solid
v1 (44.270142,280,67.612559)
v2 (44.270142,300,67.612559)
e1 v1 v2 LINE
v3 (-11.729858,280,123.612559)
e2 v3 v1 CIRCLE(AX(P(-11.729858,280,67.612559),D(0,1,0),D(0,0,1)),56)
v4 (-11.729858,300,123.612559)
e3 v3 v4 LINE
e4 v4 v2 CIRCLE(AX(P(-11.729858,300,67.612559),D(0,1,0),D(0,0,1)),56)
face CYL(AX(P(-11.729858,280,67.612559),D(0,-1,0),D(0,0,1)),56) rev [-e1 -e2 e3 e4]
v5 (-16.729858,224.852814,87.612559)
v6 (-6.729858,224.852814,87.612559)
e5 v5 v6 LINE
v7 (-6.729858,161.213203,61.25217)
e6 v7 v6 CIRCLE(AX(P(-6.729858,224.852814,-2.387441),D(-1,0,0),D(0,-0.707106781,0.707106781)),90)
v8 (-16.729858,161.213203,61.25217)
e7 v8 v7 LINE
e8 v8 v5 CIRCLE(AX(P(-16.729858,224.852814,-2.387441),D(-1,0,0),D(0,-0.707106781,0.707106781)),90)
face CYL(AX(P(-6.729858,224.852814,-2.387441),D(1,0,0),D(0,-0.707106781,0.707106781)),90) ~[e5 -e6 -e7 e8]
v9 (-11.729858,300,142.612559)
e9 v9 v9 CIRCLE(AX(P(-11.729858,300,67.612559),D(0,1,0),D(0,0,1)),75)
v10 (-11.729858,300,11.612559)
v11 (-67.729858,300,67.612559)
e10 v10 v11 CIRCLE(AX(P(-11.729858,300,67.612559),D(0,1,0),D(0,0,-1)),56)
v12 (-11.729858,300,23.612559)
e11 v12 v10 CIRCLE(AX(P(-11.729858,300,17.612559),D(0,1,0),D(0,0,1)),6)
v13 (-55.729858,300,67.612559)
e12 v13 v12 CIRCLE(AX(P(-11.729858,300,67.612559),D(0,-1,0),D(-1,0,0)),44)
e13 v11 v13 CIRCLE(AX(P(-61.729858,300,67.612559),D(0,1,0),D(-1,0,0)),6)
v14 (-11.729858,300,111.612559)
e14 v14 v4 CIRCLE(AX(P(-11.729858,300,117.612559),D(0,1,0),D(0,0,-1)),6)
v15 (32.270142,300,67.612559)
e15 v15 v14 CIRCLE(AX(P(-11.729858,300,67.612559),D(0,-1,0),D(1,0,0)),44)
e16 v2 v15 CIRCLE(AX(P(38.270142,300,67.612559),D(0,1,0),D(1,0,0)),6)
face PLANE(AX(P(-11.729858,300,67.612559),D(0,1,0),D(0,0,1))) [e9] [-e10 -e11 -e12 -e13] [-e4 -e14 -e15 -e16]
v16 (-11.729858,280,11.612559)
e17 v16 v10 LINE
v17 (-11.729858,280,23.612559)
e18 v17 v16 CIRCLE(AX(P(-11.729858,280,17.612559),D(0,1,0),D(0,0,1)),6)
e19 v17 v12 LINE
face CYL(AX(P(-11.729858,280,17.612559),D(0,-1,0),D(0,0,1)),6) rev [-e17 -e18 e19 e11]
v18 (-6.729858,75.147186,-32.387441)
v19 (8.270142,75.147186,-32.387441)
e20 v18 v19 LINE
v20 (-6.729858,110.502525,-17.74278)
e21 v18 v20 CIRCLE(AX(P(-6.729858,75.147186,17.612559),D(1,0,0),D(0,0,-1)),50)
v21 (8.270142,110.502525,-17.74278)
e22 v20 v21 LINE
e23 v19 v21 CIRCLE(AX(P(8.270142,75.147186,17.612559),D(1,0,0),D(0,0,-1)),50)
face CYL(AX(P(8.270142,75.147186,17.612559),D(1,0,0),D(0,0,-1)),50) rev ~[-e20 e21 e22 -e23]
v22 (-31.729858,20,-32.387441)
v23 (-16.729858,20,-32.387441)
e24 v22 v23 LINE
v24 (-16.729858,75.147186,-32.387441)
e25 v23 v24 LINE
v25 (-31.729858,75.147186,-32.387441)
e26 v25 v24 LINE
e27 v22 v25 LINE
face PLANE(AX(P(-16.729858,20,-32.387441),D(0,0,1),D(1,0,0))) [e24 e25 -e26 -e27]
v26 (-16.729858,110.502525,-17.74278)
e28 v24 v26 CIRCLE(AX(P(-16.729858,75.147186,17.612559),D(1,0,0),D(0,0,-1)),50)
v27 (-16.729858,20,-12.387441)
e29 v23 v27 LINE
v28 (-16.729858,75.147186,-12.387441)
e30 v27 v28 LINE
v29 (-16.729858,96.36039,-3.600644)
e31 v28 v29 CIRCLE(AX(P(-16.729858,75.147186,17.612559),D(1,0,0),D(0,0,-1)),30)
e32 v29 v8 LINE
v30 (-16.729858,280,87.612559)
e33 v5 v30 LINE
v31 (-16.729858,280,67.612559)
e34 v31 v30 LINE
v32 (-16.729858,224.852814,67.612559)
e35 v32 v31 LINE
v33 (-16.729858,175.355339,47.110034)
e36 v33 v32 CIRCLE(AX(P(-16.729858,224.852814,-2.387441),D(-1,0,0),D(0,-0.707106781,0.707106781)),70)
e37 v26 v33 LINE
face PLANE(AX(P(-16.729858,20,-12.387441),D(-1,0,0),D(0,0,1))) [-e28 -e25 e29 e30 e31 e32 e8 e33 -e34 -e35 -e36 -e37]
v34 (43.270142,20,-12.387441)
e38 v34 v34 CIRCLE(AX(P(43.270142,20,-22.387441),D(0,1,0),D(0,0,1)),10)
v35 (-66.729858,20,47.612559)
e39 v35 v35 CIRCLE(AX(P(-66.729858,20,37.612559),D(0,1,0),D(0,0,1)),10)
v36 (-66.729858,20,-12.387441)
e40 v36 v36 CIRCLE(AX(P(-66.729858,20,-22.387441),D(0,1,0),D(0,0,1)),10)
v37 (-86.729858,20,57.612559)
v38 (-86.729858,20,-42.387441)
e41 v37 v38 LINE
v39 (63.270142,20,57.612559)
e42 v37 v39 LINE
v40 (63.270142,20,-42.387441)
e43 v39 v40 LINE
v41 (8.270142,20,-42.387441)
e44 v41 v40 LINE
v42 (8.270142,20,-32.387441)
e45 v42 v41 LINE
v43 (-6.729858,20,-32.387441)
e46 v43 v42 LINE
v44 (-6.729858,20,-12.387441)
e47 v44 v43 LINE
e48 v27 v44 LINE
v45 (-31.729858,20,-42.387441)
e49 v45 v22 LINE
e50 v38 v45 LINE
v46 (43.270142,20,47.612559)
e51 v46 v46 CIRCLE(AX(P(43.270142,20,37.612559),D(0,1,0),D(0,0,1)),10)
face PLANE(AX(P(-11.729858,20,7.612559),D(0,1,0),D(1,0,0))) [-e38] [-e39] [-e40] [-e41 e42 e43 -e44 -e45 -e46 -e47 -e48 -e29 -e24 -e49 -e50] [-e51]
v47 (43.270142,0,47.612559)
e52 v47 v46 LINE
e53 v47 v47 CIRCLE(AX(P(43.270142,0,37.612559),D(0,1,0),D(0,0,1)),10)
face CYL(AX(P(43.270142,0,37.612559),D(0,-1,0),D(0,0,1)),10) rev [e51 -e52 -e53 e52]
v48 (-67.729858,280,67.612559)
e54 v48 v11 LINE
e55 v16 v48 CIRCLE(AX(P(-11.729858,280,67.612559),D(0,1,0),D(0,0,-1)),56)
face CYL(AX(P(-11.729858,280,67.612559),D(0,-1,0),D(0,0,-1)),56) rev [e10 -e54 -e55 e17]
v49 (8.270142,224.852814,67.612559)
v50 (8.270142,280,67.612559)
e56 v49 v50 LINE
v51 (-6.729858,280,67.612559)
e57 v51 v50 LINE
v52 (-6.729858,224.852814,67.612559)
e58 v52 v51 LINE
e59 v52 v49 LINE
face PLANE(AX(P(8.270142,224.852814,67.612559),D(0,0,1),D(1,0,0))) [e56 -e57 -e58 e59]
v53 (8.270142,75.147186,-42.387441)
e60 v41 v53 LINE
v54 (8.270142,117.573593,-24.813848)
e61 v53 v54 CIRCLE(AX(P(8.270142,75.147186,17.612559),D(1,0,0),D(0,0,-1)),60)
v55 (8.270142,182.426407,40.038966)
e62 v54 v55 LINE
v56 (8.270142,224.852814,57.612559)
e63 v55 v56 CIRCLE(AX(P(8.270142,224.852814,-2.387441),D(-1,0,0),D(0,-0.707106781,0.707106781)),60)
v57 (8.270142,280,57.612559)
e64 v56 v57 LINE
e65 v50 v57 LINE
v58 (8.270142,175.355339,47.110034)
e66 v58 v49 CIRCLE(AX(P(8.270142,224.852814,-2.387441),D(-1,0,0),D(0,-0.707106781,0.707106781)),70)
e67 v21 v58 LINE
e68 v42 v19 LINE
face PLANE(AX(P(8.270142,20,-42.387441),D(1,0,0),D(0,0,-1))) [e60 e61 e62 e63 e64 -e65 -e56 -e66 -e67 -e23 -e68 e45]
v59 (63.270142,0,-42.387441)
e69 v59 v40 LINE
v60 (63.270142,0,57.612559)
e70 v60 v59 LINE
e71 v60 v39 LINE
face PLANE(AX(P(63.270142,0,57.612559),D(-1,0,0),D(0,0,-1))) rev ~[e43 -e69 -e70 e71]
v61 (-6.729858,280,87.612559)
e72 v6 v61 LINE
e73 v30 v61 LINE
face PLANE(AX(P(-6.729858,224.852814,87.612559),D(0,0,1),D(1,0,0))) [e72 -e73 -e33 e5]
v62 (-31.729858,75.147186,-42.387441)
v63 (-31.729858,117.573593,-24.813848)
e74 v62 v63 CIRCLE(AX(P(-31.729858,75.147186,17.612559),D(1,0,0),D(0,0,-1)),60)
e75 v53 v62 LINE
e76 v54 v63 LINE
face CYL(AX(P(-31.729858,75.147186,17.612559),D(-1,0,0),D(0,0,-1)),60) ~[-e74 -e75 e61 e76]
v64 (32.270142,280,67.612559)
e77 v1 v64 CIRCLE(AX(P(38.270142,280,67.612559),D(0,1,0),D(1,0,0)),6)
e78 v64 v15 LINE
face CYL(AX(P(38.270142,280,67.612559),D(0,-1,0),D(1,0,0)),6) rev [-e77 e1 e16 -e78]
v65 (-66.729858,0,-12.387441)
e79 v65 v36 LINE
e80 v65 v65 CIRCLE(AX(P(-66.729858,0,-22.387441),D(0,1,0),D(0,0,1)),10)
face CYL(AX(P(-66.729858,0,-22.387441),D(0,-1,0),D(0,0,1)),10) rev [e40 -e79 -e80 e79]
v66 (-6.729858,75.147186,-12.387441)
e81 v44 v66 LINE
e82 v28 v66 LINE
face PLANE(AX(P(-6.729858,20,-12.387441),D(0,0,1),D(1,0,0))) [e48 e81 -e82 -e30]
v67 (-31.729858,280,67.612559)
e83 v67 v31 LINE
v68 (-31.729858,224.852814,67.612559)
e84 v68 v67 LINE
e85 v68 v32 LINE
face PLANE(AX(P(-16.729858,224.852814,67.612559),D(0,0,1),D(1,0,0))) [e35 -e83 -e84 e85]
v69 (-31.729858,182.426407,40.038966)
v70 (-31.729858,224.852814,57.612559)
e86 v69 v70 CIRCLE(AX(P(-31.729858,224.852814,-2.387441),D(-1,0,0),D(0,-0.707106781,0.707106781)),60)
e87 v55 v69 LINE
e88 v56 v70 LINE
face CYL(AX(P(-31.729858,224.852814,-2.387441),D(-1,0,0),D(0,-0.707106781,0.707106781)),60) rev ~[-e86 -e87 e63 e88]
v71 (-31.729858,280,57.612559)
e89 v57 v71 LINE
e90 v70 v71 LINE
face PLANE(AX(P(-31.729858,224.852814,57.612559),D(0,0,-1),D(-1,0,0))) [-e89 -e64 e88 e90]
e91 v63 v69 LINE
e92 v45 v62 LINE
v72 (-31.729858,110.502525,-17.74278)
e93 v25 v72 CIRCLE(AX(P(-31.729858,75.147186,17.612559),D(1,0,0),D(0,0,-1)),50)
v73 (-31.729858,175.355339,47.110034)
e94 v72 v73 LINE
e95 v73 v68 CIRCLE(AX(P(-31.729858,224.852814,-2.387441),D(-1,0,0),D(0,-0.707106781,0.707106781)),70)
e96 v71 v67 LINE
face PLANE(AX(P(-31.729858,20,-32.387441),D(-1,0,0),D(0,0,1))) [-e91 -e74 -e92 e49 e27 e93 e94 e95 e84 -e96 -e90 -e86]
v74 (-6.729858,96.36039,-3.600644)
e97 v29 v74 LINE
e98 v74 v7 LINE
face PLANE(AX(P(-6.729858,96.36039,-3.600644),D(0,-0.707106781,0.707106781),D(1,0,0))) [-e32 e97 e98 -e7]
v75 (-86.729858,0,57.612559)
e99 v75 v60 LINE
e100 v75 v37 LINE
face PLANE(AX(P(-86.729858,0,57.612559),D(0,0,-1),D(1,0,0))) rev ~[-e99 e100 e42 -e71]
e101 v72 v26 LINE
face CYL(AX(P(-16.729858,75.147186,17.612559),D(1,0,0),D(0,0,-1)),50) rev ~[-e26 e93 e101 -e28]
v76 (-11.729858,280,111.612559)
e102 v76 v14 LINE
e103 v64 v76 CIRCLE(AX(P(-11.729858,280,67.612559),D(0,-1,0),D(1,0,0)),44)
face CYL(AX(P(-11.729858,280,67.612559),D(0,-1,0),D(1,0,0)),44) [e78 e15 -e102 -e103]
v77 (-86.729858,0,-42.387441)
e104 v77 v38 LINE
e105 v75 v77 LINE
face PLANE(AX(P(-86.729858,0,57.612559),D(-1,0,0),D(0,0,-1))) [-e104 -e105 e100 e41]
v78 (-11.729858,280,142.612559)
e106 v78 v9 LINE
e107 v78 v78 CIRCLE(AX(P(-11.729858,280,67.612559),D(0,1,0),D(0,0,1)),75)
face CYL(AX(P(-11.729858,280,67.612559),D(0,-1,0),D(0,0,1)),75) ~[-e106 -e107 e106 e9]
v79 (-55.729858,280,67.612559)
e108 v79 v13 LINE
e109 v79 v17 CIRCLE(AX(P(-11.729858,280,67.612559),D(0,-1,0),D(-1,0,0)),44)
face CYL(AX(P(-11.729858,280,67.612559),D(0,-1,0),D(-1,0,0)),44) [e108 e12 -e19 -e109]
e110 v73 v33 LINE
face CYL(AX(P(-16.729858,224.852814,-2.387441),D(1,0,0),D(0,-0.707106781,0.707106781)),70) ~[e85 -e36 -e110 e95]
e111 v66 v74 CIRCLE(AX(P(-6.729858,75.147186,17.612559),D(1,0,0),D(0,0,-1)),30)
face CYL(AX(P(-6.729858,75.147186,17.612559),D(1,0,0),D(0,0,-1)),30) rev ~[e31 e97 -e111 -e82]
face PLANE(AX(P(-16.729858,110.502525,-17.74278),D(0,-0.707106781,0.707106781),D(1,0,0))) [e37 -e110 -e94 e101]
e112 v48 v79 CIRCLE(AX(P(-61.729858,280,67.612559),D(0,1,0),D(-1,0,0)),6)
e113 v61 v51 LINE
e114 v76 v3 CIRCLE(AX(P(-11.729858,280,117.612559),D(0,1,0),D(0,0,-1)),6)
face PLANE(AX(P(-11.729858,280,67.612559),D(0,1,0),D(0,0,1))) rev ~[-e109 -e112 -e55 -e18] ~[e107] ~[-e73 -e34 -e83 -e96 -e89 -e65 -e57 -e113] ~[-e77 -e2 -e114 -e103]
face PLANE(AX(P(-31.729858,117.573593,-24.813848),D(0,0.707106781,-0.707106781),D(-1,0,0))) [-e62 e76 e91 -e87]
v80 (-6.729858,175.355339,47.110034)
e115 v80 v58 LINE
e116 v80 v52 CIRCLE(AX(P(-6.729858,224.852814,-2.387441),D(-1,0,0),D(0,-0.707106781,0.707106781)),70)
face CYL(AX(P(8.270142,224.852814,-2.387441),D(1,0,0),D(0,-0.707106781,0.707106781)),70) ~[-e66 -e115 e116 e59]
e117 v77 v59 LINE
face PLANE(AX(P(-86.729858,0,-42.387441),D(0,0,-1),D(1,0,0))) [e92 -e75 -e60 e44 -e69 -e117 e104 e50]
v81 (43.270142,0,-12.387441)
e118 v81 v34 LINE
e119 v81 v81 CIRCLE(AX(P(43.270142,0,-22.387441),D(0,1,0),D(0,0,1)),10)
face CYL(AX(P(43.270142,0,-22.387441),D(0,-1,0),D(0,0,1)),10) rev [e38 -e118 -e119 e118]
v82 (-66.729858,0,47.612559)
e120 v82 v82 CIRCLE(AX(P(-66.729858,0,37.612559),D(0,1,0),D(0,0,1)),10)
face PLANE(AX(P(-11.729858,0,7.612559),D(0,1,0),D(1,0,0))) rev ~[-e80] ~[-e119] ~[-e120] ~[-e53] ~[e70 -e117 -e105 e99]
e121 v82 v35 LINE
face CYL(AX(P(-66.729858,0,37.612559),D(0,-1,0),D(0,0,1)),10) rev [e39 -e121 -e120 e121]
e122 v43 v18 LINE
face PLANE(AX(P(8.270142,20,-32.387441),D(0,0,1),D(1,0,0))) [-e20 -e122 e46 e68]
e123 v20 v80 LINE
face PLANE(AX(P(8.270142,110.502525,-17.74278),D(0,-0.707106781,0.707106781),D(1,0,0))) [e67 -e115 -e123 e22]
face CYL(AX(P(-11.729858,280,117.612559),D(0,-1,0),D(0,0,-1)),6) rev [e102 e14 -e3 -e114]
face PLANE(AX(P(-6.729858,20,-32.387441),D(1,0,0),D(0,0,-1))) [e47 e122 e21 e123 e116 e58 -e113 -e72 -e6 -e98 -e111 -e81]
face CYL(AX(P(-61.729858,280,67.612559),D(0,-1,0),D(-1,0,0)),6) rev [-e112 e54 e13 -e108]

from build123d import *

# Parameters (mm, degrees)
SKETCH1_W           = 150
SKETCH1_H           = 100
SKETCH1_R           = 10
BOSS_EXTRUDE1_DEPTH = 20
SKETCH6_R           = 75
BOSS_EXTRUDE2_DEPTH = 20


with BuildPart() as part:
    # Sketch1 → Boss-Extrude1 (new body)
    with BuildSketch(Plane(origin=(0, 0, 0), x_dir=(1, 0, 0), z_dir=(0, 1, 0))):
        with Locations((-11.72985782, -7.612559242)):
            Rectangle(SKETCH1_W, SKETCH1_H)
        with Locations(Location((43.27014218, -37.612559242, 0), (0, 0, 270))):
            Circle(SKETCH1_R, mode=Mode.SUBTRACT)
        with Locations(Location((43.27014218, 22.387440758, 0), (0, 0, 270))):
            Circle(SKETCH1_R, mode=Mode.SUBTRACT)
        with Locations(Location((-66.72985782, 22.387440758, 0), (0, 0, 270))):
            Circle(SKETCH1_R, mode=Mode.SUBTRACT)
        with Locations(Location((-66.72985782, -37.612559242, 0), (0, 0, 270))):
            Circle(SKETCH1_R, mode=Mode.SUBTRACT)
    extrude(amount=BOSS_EXTRUDE1_DEPTH)

    # Sweep1: sweep along a path in Sketch4
    with BuildLine(Plane.ZY.offset(11.72985782)) as sweep1_path:
        Line((-42.387440758, 20), (-42.387440758, 75.147186258))
        ThreePointArc((-42.387440758, 75.147186258), (-37.820212709, 98.1081922), (-24.813847629, 117.573593129))
        Line((-24.813847629, 117.573593129), (40.038966113, 182.426406871))
        ThreePointArc((40.038966113, 182.426406871), (53.045331192, 201.8918078), (57.612559242, 224.852813742))
        Line((57.612559242, 224.852813742), (57.612559242, 280))
    # Sketch5 → Sweep1 (sweep)
    with BuildSketch(Plane(origin=(0, 20, 0), x_dir=(1, 0, 0), z_dir=(0, 1, 0))):
        Polygon((-31.72985782, 42.387440758), (8.27014218, 42.387440758), (8.27014218, 32.387440758), (-6.72985782, 32.387440758), (-6.72985782, 12.387440758), (-16.72985782, 12.387440758), (-16.72985782, 32.387440758), (-31.72985782, 32.387440758), align=None)
    sweep(path=sweep1_path.line)

    # Sketch6 → Boss-Extrude2 (add)
    with BuildSketch(Plane(origin=(0, 280, 0), x_dir=(1, 0, 0), z_dir=(0, 1, 0))):
        with Locations(Location((-11.72985782, -67.612559242, 0), (0, 0, 270))):
            Circle(SKETCH6_R)
        with BuildLine():
            ThreePointArc((-11.72985782, -11.612559242), (-51.327837566, -28.014579495), (-67.72985782, -67.612559242))
            ThreePointArc((-67.72985782, -67.612559242), (-61.72985782, -73.612559242), (-55.72985782, -67.612559242))
            ThreePointArc((-55.72985782, -67.612559242), (-42.842556192, -36.499860869), (-11.72985782, -23.612559242))
            ThreePointArc((-11.72985782, -23.612559242), (-5.72985782, -17.612559242), (-11.72985782, -11.612559242))
        make_face(mode=Mode.SUBTRACT)
        with BuildLine():
            ThreePointArc((-11.72985782, -123.612559242), (27.868121927, -107.210538988), (44.27014218, -67.612559242))
            ThreePointArc((44.27014218, -67.612559242), (38.27014218, -61.612559242), (32.27014218, -67.612559242))
            ThreePointArc((32.27014218, -67.612559242), (19.382840552, -98.725257614), (-11.72985782, -111.612559242))
            ThreePointArc((-11.72985782, -111.612559242), (-17.72985782, -117.612559242), (-11.72985782, -123.612559242))
        make_face(mode=Mode.SUBTRACT)
    extrude(amount=BOSS_EXTRUDE2_DEPTH)


solid = part.part
